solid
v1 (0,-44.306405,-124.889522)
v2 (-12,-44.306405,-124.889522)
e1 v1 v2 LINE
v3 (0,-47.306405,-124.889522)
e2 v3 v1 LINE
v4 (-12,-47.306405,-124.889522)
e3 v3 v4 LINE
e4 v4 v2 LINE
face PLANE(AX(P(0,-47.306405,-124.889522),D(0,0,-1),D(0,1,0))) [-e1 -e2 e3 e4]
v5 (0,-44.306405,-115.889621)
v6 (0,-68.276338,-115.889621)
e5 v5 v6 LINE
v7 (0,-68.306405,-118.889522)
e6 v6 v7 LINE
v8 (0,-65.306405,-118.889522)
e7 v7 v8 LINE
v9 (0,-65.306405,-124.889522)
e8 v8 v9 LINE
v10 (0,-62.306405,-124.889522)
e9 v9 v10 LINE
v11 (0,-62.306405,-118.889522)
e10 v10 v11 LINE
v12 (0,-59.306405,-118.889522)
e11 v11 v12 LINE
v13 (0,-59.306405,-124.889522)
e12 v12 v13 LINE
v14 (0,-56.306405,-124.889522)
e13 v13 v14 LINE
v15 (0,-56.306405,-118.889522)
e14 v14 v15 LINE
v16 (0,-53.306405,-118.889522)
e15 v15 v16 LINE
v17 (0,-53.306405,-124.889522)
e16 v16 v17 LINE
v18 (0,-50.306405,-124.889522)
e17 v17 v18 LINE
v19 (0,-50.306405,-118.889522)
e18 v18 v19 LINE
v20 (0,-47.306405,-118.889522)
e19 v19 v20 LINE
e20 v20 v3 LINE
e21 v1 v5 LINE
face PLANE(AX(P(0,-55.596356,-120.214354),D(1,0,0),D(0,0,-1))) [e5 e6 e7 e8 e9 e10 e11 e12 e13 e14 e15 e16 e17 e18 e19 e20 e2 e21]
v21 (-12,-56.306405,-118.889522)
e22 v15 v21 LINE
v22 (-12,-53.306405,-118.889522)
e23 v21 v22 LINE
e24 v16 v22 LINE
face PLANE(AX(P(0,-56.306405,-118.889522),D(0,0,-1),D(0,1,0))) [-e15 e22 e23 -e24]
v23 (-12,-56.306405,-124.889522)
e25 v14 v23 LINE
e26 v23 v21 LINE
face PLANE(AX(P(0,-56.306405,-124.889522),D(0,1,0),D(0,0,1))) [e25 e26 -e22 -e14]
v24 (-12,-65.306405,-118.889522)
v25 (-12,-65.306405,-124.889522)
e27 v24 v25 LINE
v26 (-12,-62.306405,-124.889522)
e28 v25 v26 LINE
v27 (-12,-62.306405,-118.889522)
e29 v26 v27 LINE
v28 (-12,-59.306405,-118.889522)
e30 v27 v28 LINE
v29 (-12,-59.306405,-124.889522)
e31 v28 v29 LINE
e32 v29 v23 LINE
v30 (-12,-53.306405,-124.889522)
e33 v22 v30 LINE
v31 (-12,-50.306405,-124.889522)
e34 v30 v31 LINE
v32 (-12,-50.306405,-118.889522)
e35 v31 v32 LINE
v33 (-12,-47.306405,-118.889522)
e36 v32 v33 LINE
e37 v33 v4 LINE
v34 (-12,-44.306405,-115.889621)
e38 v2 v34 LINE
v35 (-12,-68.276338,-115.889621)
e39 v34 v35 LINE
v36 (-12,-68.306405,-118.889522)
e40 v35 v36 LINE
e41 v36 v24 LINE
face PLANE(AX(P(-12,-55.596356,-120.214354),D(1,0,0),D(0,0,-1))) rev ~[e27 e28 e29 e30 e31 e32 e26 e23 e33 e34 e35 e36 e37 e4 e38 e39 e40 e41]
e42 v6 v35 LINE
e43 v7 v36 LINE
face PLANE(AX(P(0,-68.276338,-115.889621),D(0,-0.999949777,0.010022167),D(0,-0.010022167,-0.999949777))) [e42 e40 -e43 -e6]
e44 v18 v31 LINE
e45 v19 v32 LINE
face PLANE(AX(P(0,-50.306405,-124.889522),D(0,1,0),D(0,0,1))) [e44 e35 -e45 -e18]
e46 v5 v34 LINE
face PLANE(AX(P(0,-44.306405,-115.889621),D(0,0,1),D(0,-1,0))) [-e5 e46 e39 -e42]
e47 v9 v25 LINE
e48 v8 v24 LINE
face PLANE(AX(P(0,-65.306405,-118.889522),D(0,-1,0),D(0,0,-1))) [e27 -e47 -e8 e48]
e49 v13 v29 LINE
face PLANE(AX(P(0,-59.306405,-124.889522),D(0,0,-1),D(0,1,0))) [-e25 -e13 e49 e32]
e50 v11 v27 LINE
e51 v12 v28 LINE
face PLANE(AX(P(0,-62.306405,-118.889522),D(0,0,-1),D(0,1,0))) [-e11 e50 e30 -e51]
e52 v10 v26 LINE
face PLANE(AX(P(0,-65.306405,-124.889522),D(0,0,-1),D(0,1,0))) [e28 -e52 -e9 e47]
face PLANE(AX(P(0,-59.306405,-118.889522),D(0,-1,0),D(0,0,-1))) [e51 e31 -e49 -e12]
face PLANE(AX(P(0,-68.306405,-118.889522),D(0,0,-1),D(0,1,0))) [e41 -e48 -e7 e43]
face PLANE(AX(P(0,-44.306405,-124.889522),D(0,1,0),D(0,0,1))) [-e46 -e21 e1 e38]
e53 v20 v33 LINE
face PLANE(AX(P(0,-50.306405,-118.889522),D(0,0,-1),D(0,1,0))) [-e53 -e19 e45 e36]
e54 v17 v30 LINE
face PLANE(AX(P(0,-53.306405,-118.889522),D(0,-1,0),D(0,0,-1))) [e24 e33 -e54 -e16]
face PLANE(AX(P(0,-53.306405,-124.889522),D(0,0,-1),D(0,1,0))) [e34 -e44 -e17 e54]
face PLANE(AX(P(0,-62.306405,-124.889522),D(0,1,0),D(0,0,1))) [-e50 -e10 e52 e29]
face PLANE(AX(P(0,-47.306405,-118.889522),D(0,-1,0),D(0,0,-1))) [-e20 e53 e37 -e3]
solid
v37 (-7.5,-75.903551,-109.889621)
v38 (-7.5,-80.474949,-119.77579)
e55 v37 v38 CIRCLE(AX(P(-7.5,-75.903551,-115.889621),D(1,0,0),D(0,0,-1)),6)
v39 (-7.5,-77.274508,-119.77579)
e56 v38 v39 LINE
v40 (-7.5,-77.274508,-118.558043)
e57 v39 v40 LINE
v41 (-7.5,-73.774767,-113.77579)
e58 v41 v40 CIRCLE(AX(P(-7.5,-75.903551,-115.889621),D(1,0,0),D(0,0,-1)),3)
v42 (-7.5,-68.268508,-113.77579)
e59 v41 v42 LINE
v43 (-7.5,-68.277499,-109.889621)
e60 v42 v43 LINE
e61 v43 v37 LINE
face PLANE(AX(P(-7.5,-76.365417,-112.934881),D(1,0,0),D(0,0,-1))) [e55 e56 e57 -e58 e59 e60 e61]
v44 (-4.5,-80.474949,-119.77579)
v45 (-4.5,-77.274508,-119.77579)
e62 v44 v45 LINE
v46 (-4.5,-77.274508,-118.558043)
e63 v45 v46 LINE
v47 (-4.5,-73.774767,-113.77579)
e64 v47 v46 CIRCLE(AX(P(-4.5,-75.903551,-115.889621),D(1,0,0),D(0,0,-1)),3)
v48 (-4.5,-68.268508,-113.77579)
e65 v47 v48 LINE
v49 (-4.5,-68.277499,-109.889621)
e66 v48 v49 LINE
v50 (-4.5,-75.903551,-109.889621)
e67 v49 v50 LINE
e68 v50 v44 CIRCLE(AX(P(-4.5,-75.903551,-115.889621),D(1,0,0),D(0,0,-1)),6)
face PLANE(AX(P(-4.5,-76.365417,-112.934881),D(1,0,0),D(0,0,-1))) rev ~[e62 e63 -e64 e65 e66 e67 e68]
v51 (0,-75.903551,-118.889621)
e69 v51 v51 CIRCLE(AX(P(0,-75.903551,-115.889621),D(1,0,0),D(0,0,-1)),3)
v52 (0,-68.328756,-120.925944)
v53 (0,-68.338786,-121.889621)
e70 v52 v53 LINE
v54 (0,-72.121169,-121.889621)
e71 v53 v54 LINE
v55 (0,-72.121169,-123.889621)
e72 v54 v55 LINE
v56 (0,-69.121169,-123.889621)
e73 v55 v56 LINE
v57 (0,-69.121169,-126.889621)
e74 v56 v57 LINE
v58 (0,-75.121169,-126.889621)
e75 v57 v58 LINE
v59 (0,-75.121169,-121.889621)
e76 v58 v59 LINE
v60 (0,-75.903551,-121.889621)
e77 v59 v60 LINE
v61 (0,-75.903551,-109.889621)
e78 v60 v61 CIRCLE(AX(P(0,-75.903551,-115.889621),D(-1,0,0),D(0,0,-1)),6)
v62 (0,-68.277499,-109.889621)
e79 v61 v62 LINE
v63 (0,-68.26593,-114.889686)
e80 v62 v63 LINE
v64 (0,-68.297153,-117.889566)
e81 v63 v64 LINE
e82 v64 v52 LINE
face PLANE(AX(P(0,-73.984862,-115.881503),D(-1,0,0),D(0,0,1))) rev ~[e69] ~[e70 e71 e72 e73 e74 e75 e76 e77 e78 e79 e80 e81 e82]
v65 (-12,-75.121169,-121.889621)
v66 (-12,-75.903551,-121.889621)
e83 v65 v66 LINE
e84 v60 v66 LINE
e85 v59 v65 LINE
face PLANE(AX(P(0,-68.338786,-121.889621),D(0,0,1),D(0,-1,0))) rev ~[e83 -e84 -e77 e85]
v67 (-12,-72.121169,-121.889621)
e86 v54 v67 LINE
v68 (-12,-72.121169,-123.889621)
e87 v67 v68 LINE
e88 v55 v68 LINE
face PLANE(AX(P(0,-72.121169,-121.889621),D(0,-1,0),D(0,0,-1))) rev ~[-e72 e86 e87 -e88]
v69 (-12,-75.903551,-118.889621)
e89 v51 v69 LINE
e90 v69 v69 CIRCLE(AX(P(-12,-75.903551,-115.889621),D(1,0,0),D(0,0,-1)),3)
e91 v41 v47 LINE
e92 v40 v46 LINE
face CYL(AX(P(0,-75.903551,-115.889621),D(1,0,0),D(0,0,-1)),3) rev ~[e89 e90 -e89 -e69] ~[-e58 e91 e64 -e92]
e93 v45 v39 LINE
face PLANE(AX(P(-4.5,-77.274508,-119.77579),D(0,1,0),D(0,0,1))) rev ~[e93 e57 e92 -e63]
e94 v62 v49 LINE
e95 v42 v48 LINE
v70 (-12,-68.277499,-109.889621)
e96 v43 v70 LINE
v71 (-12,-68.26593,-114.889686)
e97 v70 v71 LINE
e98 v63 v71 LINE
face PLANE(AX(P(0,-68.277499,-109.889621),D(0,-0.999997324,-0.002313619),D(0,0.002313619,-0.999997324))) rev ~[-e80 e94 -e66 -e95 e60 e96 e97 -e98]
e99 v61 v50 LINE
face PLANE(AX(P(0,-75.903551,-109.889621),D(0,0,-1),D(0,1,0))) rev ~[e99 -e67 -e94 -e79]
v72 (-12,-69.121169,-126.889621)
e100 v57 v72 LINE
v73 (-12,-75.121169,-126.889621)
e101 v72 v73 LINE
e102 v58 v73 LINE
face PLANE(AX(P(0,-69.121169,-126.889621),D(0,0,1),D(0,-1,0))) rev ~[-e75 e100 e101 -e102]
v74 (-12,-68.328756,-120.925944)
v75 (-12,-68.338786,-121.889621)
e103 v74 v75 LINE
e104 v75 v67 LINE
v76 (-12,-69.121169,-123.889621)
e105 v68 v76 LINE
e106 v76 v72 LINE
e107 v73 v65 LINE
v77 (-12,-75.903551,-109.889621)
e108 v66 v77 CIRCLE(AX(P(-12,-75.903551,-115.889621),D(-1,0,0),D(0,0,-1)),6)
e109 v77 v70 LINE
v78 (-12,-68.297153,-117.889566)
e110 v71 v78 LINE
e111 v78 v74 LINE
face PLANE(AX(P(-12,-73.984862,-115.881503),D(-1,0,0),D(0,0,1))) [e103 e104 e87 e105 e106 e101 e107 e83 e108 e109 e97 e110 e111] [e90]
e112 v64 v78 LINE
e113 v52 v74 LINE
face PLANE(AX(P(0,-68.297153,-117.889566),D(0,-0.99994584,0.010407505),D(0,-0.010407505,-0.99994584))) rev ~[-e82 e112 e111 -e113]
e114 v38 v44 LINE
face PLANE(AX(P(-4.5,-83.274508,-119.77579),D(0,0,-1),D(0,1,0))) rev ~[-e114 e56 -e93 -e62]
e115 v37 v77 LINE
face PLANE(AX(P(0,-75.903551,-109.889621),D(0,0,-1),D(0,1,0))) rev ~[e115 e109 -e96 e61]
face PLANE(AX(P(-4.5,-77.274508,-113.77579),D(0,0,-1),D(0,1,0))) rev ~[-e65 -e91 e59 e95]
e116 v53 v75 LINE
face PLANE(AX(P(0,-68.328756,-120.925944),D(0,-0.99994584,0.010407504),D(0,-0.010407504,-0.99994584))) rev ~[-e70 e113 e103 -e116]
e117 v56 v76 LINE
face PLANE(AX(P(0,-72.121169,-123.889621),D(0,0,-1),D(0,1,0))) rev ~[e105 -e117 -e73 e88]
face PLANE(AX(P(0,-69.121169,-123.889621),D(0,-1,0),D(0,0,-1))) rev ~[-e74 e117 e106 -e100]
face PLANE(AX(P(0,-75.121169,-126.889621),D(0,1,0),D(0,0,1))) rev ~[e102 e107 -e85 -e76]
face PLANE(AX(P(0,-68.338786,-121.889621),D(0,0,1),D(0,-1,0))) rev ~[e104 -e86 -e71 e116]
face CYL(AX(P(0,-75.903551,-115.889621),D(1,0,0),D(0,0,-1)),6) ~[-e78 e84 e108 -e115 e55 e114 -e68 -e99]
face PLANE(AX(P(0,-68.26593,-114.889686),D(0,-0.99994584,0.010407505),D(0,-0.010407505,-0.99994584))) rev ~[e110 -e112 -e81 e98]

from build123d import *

# Parameters (mm, degrees)
SKETCH4_R           = 3
BOSS_EXTRUDE2_DEPTH = 12
BOSS_EXTRUDE3_DEPTH = 12
CUT_EXTRUDE1_START  = -4.5
CUT_EXTRUDE1_DEPTH  = 3
BOSS_EXTRUDE4_DEPTH = 12


with BuildPart() as part:
    # Sketch4 → Boss-Extrude2 (new body)
    with BuildSketch(Plane(origin=(0, 0, 0), x_dir=(0, 0, -1), z_dir=(1, 0, 0))):
        with BuildLine():
            Line((114.889686184, -68.26593045), (117.889565828, -68.297153403))
            Line((117.889565828, -68.297153403), (120.925943631, -68.328756232))
            Line((120.925943631, -68.328756232), (121.889620656, -68.338786248))
            Line((121.889620656, -68.338786248), (121.889620656, -75.903550783))
            ThreePointArc((121.889620656, -75.903550783), (115.889620656, -81.903550783), (109.889620656, -75.903550783))
            Line((109.889620656, -75.903550783), (109.889620656, -68.277498728))
            Line((109.889620656, -68.277498728), (114.889686184, -68.26593045))
        make_face()
        with Locations((115.889620656, -75.903550783)):
            Circle(SKETCH4_R, mode=Mode.SUBTRACT)
    extrude(amount=-BOSS_EXTRUDE2_DEPTH)

    # Sketch3 → Cut-Extrude1 (cut)
    with BuildSketch(Plane(origin=(0, 0, 0), x_dir=(0, 0, -1), z_dir=(1, 0, 0)).offset(CUT_EXTRUDE1_START)):
        Polygon((108.275790375, -67.274508057), (108.275790375, -83.274508057), (119.775790375, -83.274508057), (119.775790375, -77.274508057), (113.775790375, -77.274508057), (113.775790375, -67.274508057), align=None)
    extrude(amount=-CUT_EXTRUDE1_DEPTH, mode=Mode.SUBTRACT)

    # Sketch7 → Boss-Extrude4 (add)
    with BuildSketch(Plane(origin=(0, 0, 0), x_dir=(0, 0, -1), z_dir=(1, 0, 0))):
        Polygon((121.889620656, -72.121168516), (123.889620656, -72.121168516), (123.889620656, -69.121168516), (126.889620656, -69.121168516), (126.889620656, -75.121168516), (121.889620656, -75.121168516), align=None)
    extrude(amount=-BOSS_EXTRUDE4_DEPTH)


with BuildPart() as body_2:
    # Sketch5 → Boss-Extrude3 (new body)
    with BuildSketch(Plane(origin=(0, 0, 0), x_dir=(0, 0, -1), z_dir=(1, 0, 0))):
        Polygon((115.889620656, -44.306404862), (115.889620656, -68.276337837), (118.889522363, -68.306404862), (118.889522363, -65.306404862), (124.889522363, -65.306404862), (124.889522363, -62.306404862), (118.889522363, -62.306404862), (118.889522363, -59.306404862), (124.889522363, -59.306404862), (124.889522363, -56.306404862), (118.889522363, -56.306404862), (118.889522363, -53.306404862), (124.889522363, -53.306404862), (124.889522363, -50.306404862), (118.889522363, -50.306404862), (118.889522363, -47.306404862), (124.889522363, -47.306404862), (124.889522363, -44.306404862), align=None)
    extrude(amount=-BOSS_EXTRUDE3_DEPTH)


solid = Compound([part.part, body_2.part])
